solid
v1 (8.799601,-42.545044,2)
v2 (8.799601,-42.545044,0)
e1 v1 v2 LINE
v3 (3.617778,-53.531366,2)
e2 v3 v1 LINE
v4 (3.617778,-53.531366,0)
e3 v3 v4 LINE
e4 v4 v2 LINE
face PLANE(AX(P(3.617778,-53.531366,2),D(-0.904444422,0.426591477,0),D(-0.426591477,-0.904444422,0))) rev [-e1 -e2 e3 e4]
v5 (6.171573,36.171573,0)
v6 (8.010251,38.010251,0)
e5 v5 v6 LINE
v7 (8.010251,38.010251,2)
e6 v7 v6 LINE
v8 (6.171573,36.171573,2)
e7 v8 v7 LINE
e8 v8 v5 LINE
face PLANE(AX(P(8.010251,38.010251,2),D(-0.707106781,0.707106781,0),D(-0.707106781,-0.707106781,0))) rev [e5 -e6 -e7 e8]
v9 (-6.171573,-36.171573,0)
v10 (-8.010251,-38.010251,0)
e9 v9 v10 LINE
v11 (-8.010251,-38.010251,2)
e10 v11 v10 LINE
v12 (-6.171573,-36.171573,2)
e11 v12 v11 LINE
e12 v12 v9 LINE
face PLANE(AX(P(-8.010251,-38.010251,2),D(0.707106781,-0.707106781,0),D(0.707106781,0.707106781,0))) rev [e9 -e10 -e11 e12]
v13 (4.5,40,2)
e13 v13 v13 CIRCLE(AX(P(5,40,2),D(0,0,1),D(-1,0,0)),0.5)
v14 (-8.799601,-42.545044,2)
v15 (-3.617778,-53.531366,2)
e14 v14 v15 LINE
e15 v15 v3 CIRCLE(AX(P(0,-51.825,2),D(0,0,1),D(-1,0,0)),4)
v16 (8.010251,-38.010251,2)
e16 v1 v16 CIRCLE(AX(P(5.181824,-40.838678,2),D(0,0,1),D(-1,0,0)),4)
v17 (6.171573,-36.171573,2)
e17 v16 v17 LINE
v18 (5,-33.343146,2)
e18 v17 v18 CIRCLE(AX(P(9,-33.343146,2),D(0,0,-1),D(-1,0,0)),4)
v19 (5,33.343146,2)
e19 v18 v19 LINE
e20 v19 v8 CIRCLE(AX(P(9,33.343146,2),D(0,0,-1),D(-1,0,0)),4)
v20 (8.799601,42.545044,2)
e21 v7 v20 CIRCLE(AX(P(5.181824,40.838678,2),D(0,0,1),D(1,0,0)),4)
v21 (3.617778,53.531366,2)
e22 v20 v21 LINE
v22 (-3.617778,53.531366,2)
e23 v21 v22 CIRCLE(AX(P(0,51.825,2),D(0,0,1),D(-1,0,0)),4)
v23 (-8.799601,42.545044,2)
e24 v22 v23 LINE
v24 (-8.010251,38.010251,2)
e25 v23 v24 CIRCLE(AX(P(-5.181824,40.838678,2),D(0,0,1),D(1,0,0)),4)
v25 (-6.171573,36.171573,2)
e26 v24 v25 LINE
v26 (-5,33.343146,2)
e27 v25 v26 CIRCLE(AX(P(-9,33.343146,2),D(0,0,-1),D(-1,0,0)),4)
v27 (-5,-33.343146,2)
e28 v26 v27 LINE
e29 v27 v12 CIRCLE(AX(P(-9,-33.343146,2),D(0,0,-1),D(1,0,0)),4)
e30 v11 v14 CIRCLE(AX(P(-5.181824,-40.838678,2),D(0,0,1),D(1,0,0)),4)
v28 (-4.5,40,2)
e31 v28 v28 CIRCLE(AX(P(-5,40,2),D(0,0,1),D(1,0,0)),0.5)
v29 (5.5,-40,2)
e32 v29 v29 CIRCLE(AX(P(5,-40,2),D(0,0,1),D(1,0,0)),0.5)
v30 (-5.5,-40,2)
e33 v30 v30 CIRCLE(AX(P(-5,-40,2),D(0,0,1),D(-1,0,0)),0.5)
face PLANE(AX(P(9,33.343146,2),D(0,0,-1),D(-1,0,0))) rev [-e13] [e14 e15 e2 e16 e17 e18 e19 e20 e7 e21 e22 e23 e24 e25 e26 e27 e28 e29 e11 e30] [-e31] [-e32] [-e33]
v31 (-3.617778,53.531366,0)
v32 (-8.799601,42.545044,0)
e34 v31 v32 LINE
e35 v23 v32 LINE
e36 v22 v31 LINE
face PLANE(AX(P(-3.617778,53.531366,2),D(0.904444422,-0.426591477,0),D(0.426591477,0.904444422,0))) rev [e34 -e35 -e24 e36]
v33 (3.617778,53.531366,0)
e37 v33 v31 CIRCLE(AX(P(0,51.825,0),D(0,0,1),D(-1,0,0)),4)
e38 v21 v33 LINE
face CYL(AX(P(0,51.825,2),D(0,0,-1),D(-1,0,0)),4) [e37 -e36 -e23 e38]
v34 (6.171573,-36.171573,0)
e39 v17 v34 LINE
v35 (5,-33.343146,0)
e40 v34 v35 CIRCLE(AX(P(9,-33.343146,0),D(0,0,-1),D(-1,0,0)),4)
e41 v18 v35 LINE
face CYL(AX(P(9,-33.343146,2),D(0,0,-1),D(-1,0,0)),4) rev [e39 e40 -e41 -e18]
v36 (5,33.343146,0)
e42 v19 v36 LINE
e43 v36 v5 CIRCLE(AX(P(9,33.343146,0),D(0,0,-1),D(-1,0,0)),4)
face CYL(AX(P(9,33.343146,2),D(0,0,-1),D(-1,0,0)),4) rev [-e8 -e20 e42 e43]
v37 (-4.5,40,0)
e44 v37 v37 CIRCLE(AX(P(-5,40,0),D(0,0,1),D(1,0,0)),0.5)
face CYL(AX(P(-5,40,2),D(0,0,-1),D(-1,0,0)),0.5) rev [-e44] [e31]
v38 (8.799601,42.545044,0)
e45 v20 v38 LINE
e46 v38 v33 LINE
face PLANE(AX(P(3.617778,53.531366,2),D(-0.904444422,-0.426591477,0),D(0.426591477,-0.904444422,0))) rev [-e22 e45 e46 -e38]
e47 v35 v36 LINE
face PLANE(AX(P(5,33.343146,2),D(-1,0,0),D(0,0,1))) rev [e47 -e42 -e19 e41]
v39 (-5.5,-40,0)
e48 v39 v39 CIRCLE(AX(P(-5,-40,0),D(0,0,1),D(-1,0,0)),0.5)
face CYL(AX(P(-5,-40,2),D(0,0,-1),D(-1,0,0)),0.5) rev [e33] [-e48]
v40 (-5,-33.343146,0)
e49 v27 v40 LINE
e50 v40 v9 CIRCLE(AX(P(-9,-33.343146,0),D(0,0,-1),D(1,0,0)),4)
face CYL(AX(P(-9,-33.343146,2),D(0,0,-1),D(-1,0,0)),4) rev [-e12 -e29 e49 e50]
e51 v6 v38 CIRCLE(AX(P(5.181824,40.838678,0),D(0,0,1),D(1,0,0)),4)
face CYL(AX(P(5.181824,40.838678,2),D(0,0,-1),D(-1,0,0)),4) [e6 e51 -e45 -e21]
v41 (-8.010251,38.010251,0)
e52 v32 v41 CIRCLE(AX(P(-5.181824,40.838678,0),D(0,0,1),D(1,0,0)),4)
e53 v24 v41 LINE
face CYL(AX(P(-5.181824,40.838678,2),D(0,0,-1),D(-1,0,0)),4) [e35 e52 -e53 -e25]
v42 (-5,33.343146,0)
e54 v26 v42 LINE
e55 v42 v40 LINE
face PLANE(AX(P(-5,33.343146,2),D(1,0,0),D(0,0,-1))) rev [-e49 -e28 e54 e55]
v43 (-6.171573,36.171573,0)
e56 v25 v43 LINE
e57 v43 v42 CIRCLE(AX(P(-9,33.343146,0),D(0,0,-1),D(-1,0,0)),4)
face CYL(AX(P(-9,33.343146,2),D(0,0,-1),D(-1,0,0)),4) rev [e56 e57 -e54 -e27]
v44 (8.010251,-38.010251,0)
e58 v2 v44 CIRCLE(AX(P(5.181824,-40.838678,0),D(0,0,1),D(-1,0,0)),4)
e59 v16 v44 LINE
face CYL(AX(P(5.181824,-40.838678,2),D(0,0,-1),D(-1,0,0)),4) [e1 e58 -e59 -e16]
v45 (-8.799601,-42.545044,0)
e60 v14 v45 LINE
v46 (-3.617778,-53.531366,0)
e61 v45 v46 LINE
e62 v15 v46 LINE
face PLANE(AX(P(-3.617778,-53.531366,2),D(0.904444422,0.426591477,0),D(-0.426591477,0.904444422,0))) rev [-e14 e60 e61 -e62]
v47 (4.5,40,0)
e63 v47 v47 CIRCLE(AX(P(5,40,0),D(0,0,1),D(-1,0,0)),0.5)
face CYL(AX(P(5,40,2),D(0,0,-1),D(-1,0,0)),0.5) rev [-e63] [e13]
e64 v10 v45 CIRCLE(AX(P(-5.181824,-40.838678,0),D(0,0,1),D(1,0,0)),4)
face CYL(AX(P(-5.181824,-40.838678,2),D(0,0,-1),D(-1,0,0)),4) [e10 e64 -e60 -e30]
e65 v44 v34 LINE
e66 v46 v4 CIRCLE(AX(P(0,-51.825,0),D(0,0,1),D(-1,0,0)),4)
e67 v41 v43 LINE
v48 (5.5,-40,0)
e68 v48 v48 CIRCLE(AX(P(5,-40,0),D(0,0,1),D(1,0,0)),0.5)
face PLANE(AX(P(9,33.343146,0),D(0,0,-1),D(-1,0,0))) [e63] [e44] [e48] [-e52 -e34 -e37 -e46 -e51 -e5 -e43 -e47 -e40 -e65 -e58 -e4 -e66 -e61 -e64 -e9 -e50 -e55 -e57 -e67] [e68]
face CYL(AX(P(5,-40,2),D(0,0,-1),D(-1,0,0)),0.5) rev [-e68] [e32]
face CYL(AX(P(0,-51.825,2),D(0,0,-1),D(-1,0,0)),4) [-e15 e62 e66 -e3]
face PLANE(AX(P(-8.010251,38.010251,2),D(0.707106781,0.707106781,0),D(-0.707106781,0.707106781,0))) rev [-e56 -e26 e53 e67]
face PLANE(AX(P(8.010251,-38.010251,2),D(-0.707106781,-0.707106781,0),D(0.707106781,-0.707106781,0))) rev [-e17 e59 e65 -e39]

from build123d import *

# Parameters (mm, degrees)
SKETCH1_R           = 0.5
BOSS_EXTRUDE1_DEPTH = 2


with BuildPart() as part:
    # Sketch1 → Boss-Extrude1 (new body)
    with BuildSketch(Plane.XY):
        with BuildLine():
            Line((-3.617777686, 53.531365908), (-8.799601245, 42.545043716))
            ThreePointArc((-8.799601245, 42.545043716), (-9.122569183, 40.152730346), (-8.010250683, 38.010250683))
            Line((-8.010250683, 38.010250683), (-6.171572875, 36.171572875))
            ThreePointArc((-6.171572875, 36.171572875), (-5.30448187, 34.87387948), (-5, 33.343145751))
            Line((-5, 33.343145751), (-5, -33.343145751))
            ThreePointArc((-5, -33.343145751), (-5.30448187, -34.87387948), (-6.171572875, -36.171572875))
            Line((-6.171572875, -36.171572875), (-8.010250683, -38.010250683))
            ThreePointArc((-8.010250683, -38.010250683), (-9.122569183, -40.152730346), (-8.799601245, -42.545043716))
            Line((-8.799601245, -42.545043716), (-3.617777686, -53.531365908))
            ThreePointArc((-3.617777686, -53.531365908), (0, -55.825), (3.617777686, -53.531365908))
            Line((3.617777686, -53.531365908), (8.799601245, -42.545043716))
            ThreePointArc((8.799601245, -42.545043716), (9.122569183, -40.152730346), (8.010250683, -38.010250683))
            Line((8.010250683, -38.010250683), (6.171572875, -36.171572875))
            ThreePointArc((6.171572875, -36.171572875), (5.30448187, -34.87387948), (5, -33.343145751))
            Line((5, -33.343145751), (5, 33.343145751))
            ThreePointArc((5, 33.343145751), (5.30448187, 34.87387948), (6.171572875, 36.171572875))
            Line((6.171572875, 36.171572875), (8.010250683, 38.010250683))
            ThreePointArc((8.010250683, 38.010250683), (9.122569183, 40.152730346), (8.799601245, 42.545043716))
            Line((8.799601245, 42.545043716), (3.617777686, 53.531365908))
            ThreePointArc((3.617777686, 53.531365908), (0, 55.825), (-3.617777686, 53.531365908))
        make_face()
        with Locations((-5, 40)):
            Circle(SKETCH1_R, mode=Mode.SUBTRACT)
        with Locations(Location((5, 40, 0), (0, 0, 180))):
            Circle(SKETCH1_R, mode=Mode.SUBTRACT)
        with Locations((5, -40)):
            Circle(SKETCH1_R, mode=Mode.SUBTRACT)
        with Locations(Location((-5, -40, 0), (0, 0, 180))):
            Circle(SKETCH1_R, mode=Mode.SUBTRACT)
    extrude(amount=BOSS_EXTRUDE1_DEPTH)


solid = part.part
